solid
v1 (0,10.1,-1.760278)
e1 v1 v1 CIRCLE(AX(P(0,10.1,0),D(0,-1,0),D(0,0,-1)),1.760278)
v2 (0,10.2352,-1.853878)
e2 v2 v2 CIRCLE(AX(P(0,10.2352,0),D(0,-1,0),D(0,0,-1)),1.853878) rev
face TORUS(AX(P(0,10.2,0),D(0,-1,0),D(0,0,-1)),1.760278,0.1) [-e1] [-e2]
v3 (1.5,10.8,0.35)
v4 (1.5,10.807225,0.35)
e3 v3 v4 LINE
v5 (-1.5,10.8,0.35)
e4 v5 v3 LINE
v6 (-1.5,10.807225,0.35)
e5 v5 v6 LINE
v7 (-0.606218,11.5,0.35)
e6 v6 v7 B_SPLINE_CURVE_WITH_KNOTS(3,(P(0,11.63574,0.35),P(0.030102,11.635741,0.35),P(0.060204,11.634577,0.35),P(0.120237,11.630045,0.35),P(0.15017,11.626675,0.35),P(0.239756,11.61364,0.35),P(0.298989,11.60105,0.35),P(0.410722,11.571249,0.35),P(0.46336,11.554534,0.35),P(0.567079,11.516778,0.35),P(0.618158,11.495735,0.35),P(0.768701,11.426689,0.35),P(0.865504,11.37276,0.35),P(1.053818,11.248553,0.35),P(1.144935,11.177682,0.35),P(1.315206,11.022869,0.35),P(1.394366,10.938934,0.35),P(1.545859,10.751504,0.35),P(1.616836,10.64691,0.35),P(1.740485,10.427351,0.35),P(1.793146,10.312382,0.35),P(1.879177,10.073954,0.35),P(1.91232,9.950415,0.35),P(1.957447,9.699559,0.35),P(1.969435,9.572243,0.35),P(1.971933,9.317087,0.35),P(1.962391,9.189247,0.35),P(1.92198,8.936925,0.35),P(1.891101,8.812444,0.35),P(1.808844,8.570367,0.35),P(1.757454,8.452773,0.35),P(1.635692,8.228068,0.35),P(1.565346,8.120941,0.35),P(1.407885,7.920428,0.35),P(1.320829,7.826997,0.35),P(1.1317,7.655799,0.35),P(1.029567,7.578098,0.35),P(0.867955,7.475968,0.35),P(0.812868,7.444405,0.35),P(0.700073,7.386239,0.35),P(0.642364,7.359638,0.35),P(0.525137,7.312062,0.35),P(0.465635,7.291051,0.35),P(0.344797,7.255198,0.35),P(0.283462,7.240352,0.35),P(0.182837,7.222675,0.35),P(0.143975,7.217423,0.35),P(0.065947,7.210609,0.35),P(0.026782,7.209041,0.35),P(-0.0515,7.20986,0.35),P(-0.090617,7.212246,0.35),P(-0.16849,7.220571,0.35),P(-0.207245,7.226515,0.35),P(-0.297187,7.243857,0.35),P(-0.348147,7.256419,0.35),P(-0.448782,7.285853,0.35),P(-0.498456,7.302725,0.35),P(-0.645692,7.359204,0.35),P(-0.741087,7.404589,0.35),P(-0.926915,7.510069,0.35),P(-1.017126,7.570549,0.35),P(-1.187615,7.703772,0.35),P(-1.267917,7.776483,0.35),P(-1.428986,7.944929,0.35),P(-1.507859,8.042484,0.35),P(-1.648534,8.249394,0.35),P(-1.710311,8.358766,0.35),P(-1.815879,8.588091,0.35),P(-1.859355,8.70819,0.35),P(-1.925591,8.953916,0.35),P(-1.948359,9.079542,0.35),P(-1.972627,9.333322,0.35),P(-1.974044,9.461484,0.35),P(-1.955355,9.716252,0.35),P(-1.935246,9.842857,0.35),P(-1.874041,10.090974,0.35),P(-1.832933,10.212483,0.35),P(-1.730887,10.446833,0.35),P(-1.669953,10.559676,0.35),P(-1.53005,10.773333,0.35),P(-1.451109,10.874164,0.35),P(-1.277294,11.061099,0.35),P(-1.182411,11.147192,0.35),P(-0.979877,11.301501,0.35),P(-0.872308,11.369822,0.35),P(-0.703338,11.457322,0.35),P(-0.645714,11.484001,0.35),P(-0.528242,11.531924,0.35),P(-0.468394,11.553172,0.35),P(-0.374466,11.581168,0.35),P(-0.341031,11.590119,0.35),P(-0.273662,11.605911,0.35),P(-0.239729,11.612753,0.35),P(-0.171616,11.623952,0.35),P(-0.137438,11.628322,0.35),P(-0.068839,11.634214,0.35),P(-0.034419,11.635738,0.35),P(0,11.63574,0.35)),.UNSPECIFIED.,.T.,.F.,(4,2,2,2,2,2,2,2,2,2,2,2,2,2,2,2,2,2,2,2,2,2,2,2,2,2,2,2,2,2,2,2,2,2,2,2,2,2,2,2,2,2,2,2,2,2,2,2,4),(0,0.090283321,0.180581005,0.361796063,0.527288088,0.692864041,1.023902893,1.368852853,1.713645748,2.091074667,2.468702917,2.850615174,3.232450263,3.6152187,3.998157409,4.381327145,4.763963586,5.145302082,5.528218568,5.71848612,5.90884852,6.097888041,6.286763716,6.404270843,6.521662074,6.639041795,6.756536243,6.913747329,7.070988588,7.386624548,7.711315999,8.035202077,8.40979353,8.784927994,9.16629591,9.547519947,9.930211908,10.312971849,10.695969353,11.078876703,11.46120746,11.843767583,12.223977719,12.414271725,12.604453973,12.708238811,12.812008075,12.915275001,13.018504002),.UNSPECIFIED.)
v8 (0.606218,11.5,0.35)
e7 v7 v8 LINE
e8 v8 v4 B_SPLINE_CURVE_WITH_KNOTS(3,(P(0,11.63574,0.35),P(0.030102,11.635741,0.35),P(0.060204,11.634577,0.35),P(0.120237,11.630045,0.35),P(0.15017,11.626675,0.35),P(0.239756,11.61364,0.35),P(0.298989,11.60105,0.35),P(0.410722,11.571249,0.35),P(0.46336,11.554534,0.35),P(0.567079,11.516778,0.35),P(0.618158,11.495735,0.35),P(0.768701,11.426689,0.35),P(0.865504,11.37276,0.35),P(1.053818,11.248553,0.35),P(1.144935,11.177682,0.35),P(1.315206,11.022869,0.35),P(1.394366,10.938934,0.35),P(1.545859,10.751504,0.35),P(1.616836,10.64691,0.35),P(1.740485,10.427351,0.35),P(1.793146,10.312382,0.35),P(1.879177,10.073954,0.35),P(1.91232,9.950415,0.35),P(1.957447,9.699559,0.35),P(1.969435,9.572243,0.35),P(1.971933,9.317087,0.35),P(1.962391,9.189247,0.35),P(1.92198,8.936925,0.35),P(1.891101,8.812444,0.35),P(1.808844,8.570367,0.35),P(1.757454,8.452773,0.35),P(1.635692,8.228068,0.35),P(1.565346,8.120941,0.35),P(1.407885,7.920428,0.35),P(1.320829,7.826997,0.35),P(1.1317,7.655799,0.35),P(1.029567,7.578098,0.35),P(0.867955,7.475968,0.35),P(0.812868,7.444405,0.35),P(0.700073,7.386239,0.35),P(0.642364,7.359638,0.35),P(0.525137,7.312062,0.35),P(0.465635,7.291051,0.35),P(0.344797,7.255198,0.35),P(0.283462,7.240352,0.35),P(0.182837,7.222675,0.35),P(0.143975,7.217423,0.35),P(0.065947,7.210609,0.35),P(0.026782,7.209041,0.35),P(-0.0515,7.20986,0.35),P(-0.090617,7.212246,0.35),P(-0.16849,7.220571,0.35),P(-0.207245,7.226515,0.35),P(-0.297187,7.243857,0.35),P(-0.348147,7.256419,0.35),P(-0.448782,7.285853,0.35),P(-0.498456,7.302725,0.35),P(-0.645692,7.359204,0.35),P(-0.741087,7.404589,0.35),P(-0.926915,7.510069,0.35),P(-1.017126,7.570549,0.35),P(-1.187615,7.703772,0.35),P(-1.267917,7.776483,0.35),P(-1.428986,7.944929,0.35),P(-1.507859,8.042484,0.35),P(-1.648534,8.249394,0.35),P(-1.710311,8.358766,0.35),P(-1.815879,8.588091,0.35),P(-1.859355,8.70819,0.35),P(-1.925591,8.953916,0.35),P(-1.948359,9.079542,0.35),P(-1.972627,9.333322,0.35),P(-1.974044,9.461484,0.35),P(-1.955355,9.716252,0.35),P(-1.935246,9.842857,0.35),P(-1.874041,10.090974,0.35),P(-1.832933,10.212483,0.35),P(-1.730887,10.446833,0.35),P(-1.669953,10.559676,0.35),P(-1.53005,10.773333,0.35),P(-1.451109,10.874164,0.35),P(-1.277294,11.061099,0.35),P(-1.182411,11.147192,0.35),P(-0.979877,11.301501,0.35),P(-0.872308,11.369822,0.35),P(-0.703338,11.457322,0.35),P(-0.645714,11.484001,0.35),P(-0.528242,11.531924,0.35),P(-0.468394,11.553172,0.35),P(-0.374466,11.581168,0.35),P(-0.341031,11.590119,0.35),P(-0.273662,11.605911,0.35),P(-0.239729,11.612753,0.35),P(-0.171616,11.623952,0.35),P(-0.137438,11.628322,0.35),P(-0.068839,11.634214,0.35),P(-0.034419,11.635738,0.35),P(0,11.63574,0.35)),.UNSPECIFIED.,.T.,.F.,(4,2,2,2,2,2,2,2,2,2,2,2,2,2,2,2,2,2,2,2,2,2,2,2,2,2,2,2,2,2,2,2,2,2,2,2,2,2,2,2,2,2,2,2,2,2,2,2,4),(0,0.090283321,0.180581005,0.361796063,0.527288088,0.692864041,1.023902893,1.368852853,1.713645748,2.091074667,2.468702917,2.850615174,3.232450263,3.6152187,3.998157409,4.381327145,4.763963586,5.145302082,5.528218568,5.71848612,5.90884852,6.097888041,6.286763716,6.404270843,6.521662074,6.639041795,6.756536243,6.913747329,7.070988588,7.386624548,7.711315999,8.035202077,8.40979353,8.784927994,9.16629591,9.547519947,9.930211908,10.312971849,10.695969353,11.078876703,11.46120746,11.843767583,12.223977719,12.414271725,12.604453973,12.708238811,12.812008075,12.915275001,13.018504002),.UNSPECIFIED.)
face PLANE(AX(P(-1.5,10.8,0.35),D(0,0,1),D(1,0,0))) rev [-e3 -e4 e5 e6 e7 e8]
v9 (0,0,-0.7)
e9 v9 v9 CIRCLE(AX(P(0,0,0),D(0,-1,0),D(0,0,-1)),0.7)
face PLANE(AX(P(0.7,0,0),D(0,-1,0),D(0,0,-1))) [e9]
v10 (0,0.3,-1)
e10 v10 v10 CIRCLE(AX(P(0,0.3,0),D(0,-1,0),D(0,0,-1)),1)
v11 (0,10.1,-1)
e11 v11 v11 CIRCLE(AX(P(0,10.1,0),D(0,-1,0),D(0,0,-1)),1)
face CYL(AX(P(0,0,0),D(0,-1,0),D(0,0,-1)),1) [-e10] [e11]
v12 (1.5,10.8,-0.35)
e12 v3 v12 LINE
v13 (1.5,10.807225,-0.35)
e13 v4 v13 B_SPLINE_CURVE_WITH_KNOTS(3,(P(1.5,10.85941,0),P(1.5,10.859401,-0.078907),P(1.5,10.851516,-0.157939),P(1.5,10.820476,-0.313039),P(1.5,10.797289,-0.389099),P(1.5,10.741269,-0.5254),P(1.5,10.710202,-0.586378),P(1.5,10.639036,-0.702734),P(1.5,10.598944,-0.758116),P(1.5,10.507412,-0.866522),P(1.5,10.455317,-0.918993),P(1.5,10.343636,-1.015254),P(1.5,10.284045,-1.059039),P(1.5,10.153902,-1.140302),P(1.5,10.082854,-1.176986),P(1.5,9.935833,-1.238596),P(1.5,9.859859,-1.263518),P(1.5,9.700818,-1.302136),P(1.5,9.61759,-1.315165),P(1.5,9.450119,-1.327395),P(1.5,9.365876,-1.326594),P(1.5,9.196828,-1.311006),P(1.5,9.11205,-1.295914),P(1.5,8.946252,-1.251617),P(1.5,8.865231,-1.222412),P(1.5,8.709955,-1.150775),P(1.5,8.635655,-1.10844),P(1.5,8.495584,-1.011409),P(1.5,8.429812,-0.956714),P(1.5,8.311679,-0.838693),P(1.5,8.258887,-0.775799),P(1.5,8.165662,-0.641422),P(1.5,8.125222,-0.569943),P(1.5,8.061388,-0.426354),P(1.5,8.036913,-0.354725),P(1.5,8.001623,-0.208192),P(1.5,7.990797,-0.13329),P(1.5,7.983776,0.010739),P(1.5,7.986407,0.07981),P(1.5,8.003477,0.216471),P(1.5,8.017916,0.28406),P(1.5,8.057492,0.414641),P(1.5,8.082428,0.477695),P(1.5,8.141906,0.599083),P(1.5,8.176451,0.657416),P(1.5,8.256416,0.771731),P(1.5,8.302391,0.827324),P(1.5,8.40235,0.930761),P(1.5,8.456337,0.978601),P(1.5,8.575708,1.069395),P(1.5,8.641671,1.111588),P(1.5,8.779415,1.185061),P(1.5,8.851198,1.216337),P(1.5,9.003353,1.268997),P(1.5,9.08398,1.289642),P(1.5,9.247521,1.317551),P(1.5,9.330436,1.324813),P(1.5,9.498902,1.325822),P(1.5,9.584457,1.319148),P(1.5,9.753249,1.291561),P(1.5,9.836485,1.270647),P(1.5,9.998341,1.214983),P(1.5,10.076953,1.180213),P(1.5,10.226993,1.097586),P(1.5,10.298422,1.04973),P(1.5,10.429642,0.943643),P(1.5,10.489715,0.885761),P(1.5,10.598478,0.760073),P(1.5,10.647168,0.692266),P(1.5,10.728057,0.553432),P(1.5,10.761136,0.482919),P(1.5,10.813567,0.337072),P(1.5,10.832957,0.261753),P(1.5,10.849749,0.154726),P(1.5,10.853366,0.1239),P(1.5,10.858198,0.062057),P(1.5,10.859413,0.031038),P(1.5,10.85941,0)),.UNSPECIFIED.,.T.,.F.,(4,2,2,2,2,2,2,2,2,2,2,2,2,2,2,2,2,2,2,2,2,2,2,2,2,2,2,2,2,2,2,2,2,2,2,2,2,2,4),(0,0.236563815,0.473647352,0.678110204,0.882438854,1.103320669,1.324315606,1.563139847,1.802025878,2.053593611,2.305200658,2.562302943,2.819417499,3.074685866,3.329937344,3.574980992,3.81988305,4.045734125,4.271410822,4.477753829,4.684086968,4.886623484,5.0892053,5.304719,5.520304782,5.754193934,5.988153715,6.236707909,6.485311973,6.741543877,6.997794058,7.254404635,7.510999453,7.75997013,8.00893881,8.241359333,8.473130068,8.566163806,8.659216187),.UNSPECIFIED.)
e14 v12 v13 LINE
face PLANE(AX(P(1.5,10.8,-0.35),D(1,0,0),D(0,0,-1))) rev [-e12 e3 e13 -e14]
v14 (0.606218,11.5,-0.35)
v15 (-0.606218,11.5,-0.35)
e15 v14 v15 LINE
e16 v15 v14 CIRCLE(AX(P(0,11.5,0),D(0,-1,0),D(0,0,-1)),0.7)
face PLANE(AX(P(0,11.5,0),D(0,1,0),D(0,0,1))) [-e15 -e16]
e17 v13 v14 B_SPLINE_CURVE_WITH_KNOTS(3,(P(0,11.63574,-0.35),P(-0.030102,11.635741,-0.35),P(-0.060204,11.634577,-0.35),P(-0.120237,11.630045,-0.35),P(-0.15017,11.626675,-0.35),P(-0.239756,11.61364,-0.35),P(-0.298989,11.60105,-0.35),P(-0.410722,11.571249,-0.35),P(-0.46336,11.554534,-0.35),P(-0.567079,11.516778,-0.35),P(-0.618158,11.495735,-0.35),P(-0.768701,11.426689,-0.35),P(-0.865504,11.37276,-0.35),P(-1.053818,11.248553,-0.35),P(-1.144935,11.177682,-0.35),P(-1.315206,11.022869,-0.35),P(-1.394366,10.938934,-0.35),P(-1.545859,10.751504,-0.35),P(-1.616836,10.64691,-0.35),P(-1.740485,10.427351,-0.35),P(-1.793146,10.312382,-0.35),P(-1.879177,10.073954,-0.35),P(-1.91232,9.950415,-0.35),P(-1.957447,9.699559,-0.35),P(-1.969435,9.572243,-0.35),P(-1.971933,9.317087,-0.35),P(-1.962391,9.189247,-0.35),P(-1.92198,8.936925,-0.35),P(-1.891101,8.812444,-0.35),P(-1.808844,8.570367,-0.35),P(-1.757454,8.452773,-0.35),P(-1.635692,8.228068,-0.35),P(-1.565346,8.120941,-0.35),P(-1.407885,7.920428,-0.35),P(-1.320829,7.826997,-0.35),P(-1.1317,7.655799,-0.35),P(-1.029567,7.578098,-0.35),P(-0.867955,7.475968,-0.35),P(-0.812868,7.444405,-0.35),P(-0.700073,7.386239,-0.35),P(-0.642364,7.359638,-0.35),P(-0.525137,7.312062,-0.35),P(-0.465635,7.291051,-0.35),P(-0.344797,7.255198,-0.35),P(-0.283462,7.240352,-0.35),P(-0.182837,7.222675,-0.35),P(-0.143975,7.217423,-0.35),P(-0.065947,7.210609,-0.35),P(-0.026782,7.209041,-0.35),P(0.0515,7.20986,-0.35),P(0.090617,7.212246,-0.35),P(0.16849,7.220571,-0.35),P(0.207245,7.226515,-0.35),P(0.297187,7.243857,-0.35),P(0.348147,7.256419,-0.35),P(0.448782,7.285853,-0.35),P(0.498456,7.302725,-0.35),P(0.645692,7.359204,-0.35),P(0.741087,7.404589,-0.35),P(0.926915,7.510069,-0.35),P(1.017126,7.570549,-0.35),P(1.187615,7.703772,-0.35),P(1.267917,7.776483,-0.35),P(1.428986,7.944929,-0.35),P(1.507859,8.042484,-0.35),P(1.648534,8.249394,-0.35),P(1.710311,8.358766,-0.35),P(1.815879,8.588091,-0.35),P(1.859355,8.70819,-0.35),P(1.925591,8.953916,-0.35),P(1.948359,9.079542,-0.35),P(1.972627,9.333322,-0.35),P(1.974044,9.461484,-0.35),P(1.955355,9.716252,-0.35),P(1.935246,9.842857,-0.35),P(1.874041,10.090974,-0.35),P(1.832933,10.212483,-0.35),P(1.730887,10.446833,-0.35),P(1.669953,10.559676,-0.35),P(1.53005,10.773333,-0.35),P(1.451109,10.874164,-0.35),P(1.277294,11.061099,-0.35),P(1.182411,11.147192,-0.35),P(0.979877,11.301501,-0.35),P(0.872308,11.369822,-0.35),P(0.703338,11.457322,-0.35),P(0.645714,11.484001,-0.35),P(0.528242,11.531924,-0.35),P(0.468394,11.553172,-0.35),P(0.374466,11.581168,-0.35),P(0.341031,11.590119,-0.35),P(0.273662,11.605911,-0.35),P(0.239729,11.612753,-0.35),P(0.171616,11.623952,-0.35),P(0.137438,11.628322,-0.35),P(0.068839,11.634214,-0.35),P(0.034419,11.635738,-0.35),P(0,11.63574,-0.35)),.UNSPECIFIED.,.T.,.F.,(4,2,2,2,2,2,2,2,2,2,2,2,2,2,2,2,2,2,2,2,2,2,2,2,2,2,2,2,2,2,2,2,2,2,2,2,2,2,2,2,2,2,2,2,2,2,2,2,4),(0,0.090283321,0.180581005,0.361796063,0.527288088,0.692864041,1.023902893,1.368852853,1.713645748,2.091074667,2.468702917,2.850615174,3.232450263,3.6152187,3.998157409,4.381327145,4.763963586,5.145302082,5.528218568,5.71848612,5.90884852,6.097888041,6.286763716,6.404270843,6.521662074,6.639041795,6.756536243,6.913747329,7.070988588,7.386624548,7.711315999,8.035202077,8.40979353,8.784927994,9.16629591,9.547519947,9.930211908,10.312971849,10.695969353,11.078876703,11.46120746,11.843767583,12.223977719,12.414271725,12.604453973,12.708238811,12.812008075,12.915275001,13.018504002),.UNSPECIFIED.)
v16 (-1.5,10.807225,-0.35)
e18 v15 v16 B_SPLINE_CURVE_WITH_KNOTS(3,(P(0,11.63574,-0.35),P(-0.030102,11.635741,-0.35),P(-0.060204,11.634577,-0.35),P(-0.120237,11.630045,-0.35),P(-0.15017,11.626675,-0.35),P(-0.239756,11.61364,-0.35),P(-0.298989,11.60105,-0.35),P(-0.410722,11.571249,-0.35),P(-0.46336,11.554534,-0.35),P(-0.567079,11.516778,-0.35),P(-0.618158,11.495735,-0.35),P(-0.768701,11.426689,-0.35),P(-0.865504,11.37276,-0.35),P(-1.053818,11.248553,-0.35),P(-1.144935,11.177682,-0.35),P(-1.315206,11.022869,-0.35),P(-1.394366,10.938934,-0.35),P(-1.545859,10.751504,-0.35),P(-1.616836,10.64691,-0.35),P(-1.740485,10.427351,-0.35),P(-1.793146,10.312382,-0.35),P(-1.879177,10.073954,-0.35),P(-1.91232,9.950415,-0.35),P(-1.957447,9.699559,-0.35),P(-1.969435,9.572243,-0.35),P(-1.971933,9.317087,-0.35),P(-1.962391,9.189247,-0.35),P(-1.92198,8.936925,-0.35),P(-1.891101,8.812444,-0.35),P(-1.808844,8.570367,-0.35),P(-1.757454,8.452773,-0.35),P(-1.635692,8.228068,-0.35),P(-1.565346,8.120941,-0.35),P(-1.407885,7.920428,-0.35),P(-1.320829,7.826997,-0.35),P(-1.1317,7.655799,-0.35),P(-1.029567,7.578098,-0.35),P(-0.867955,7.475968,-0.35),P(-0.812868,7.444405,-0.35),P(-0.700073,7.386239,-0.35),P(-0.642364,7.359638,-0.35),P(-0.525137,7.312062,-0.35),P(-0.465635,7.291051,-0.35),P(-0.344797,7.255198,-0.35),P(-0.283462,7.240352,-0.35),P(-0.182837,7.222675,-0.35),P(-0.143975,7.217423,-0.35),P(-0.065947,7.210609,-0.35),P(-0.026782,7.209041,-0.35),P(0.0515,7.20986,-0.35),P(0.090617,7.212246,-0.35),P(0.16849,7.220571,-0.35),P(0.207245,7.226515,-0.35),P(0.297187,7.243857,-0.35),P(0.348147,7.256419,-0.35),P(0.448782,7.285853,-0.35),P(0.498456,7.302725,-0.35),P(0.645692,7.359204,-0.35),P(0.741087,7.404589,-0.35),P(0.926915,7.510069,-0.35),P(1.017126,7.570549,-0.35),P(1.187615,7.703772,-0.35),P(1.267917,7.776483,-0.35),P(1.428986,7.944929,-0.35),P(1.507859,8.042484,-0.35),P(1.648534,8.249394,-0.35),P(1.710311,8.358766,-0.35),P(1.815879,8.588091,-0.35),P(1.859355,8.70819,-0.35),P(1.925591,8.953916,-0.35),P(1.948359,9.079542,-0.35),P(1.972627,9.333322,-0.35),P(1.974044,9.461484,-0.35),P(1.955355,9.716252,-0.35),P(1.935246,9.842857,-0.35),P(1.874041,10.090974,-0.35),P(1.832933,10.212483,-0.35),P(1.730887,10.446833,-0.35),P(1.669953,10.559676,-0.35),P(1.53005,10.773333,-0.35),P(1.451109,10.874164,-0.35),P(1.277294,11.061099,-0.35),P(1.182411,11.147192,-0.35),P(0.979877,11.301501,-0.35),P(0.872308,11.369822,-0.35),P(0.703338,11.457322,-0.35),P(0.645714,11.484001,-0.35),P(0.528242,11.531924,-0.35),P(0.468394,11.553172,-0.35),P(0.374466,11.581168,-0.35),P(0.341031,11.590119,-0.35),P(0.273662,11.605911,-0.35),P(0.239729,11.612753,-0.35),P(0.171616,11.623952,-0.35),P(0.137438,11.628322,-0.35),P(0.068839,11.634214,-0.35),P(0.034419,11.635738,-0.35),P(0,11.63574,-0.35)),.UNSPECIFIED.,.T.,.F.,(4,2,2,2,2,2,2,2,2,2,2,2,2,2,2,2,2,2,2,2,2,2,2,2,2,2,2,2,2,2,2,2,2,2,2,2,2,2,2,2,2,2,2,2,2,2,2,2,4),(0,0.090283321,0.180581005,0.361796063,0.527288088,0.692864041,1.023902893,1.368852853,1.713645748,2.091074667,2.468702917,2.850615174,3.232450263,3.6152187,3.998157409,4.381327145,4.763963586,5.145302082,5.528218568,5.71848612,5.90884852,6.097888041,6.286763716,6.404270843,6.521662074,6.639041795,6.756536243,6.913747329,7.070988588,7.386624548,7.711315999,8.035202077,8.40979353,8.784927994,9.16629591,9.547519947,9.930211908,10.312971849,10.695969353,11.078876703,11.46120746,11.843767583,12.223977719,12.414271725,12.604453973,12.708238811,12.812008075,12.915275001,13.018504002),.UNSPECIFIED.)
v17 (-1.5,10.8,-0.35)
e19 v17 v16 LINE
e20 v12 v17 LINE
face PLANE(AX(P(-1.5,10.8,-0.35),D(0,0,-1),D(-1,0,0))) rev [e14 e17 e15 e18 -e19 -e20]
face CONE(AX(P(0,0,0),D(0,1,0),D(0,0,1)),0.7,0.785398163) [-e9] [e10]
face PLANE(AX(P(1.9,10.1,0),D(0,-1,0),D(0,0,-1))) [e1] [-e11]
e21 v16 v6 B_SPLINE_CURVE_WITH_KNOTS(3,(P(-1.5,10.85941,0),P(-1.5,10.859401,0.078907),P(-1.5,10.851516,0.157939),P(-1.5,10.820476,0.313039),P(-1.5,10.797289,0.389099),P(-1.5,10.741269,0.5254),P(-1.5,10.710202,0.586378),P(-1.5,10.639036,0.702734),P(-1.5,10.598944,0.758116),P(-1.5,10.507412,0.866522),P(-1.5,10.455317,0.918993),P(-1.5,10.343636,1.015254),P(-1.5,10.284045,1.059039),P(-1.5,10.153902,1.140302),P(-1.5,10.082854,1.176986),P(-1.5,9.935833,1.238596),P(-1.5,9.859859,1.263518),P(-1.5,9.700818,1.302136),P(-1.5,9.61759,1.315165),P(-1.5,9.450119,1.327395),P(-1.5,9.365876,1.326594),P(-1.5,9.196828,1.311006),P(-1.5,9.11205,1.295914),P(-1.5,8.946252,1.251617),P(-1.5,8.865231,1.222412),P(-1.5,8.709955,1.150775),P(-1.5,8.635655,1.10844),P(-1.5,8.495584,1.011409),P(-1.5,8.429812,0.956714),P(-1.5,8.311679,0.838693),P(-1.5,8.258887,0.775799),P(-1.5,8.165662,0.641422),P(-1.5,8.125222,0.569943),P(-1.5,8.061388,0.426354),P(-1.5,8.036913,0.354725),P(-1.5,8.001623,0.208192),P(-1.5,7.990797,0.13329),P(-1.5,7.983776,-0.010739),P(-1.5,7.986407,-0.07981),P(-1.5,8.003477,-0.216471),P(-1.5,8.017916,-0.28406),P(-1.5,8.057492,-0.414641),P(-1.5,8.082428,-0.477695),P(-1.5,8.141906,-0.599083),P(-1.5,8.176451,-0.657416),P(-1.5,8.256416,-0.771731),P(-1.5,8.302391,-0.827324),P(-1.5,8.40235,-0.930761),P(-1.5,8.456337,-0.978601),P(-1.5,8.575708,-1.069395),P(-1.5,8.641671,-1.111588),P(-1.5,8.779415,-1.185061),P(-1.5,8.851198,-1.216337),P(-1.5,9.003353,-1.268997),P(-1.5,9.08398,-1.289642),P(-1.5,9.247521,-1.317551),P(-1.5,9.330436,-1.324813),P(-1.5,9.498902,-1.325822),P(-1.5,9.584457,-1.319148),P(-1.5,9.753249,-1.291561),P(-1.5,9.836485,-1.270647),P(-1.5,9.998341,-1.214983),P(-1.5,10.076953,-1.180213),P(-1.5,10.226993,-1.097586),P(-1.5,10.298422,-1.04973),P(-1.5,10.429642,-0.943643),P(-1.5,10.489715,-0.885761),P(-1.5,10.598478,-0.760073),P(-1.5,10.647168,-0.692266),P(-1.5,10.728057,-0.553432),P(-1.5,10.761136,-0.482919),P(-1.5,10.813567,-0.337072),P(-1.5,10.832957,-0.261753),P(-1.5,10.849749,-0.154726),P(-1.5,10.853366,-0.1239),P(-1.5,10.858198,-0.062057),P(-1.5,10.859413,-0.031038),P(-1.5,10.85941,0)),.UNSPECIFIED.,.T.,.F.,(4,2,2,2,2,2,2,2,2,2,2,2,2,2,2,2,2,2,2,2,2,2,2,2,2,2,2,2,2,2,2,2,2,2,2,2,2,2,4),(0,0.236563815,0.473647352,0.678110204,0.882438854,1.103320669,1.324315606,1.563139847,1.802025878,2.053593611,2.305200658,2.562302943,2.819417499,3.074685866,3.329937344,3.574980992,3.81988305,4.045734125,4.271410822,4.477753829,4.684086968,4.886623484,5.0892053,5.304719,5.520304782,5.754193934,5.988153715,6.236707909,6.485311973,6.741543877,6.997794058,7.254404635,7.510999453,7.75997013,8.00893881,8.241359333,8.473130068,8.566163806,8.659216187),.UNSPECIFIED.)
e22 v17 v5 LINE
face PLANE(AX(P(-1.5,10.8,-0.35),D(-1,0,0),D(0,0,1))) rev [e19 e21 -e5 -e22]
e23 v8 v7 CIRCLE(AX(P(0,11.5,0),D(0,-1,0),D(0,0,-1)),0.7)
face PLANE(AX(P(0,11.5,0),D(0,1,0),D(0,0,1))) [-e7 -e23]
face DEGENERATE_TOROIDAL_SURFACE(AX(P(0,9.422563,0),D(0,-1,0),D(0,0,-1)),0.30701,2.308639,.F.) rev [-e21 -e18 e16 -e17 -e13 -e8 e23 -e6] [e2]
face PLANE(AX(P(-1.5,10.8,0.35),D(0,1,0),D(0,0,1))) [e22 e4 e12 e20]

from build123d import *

# Parameters (mm, degrees)
FILLET_1_R          = 0.1
SKETCH_2_W          = 3
SKETCH_2_H          = 0.7
CUT_EXTRUDE_1_DEPTH = 0.7


with BuildPart() as part:
    # Эскиз1 → Повернуть1 (revolve)
    with BuildSketch(Plane.XY):
        with BuildLine():
            Line((1.9, 10.1), (1, 10.1))
            Line((1, 10.1), (1, 0.3))
            Line((1, 0.3), (0.7, 0))
            Line((0.7, 0), (0, 0))
            Line((0, 0), (0, 11.5))
            Line((0, 11.5), (0.7, 11.5))
            ThreePointArc((0.7, 11.5), (1.445839439, 10.925005233), (1.9, 10.1))
        make_face()
    revolve(axis=Axis((0, 0, 0), (0, 1, 0)))

    # Скругление1
    fillet_1_edges = [part.edges().sort_by_distance(p)[0] for p in [
        (-1.9, 10.1, 0),
    ]]
    fillet(fillet_1_edges, radius=FILLET_1_R)

    # Эскиз2 → Вырез-Вытянуть1 (cut)
    with BuildSketch(Plane(origin=(0, 11.5, 0), x_dir=(-1, 0, 0), z_dir=(0, 1, 0))):
        Rectangle(SKETCH_2_W, SKETCH_2_H)
    extrude(amount=-CUT_EXTRUDE_1_DEPTH, mode=Mode.SUBTRACT)


solid = part.part
